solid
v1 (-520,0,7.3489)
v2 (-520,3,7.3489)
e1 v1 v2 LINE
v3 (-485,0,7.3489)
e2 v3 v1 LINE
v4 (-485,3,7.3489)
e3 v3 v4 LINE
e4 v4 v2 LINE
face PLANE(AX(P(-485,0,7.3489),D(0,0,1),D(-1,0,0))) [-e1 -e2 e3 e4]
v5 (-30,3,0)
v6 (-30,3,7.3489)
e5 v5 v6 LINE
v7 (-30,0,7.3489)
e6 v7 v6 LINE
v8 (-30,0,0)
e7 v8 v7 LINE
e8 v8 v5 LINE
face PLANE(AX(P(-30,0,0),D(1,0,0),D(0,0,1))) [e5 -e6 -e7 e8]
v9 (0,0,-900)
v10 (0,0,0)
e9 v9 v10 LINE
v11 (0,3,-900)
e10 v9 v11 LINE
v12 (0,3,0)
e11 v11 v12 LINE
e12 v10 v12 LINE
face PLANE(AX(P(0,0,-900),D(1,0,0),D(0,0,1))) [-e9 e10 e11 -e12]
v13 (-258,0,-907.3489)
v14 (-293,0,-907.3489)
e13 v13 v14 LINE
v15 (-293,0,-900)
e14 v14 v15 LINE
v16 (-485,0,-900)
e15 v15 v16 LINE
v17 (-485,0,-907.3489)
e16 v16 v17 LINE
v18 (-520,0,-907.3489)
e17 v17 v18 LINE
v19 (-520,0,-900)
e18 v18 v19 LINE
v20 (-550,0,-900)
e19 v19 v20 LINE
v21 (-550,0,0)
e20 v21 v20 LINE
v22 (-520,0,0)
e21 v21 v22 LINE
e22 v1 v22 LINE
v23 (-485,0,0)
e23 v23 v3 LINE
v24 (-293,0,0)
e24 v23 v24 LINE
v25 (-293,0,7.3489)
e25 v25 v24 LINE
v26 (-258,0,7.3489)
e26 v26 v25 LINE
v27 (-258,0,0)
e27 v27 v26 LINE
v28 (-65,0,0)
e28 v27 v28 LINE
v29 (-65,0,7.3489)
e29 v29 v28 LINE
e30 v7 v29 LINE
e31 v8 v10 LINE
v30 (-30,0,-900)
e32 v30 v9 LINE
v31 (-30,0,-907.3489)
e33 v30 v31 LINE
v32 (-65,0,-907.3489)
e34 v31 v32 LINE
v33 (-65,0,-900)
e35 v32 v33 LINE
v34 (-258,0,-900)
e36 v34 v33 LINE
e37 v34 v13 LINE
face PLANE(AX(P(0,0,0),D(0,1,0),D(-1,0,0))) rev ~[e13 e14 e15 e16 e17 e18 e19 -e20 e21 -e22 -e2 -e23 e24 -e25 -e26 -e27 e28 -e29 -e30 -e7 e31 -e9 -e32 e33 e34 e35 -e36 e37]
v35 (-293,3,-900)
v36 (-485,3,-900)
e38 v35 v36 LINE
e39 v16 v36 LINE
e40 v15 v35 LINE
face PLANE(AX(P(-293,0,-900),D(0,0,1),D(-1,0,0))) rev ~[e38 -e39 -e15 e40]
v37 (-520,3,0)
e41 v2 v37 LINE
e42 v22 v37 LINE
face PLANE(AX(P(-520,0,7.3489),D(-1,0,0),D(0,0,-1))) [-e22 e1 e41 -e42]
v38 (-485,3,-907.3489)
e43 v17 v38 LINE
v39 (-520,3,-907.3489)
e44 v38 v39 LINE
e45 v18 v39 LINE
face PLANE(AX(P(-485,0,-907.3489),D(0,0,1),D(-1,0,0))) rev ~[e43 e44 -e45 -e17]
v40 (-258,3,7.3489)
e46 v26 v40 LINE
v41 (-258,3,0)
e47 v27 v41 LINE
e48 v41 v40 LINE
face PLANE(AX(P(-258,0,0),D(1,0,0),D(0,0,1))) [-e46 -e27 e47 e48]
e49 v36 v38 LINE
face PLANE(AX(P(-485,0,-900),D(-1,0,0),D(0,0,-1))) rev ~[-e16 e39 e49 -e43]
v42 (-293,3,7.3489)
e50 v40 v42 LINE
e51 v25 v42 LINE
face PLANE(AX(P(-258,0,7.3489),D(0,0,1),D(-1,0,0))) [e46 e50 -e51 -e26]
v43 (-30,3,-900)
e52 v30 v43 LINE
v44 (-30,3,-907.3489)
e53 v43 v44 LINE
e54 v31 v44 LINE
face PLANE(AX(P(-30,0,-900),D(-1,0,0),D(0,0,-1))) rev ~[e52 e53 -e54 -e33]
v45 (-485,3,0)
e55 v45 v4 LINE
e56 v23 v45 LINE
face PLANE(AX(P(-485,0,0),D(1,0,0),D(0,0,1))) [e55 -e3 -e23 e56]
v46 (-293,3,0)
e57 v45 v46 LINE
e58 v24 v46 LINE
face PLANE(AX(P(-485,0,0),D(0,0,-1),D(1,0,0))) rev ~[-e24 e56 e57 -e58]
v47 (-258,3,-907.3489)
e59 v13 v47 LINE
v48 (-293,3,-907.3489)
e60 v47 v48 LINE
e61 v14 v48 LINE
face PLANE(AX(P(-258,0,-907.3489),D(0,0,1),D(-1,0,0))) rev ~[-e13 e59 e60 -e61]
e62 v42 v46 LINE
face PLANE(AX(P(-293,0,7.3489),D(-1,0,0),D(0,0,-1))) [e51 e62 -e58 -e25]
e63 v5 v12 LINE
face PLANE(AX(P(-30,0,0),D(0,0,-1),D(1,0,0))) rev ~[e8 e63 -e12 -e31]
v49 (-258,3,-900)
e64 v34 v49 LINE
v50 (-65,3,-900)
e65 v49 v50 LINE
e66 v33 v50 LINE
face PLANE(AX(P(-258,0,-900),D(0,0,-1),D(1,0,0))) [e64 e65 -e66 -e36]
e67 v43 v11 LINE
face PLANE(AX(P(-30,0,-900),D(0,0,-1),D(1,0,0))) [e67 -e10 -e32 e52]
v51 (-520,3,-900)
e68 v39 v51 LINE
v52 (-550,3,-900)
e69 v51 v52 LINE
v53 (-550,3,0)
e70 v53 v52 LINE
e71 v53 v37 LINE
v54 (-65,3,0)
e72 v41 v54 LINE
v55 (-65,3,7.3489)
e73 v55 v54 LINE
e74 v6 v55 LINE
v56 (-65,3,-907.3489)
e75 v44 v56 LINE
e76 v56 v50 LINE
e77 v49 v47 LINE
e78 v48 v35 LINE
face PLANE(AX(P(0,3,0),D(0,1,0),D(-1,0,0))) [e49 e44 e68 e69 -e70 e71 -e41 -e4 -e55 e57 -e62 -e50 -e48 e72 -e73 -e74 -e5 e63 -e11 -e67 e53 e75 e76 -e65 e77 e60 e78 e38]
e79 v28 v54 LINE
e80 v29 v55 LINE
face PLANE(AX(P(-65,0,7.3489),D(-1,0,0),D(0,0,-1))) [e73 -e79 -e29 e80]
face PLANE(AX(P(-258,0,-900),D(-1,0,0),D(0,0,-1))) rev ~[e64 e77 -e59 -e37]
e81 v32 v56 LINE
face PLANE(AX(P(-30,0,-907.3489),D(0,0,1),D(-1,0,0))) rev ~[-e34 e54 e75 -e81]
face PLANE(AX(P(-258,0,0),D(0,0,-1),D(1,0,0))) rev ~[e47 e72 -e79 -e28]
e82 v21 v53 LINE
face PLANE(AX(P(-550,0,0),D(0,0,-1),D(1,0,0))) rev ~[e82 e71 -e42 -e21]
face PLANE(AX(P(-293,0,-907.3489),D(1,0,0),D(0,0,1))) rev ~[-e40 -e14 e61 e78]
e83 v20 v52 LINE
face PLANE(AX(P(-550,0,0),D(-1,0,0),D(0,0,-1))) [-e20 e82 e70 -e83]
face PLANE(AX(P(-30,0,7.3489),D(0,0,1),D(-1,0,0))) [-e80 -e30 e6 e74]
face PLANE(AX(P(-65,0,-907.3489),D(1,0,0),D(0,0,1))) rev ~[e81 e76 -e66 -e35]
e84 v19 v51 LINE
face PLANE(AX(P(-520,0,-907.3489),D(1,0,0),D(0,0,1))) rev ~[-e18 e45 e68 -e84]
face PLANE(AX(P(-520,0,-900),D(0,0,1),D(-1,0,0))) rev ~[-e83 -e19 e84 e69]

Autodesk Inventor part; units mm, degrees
ref_plane "YZ Plane" through (0, 0, 0) normal (1, 0, 0) x (0, 1, 0)
ref_plane "XZ Plane" through (0, 0, 0) normal (0, 1, 0) x (-1, 0, 0)
ref_plane "XY Plane" through (0, 0, 0) normal (0, 0, 1) x (1, 0, 0)
sketch "Sketch1" plane through (0, 0, 0) normal (0, 1, 0) x (-1, 0, 0)
  line L0 (0, 0) -> (550, 0) construction
  line L1 (550, 0) -> (550, -900)
  line L2 (550, -900) -> (0, -900) construction
  line L3 (0, -900) -> (0, 0)
  line L4 (520, 0) -> (485, 0) construction
  line L5 (485, 0) -> (485, 7.3489)
  line L6 (485, 7.3489) -> (520, 7.3489)
  line L7 (520, 7.3489) -> (520, 0)
  line L8 (293, 0) -> (258, 0) construction
  line L9 (258, 0) -> (258, 7.3489)
  line L10 (258, 7.3489) -> (293, 7.3489)
  line L11 (293, 7.3489) -> (293, 0)
  line L12 (550, 0) -> (520, 0)
  line L13 (0, 0) -> (258, 0) construction
  line L14 (485, 0) -> (293, 0)
  line L15 (0, -450) -> (550, -450) construction
  line L16 (485, -900) -> (485, -907.3489)
  line L17 (485, -907.3489) -> (520, -907.3489)
  line L18 (520, -907.3489) -> (520, -900)
  line L19 (258, -900) -> (258, -907.3489)
  line L20 (258, -907.3489) -> (293, -907.3489)
  line L21 (293, -907.3489) -> (293, -900)
  line L22 (0, -900) -> (258, -900) construction
  line L23 (293, -900) -> (485, -900)
  line L24 (520, -900) -> (550, -900)
  line L25 (65, 0) -> (30, 0) construction
  line L26 (30, 0) -> (30, 7.3489)
  line L27 (30, 7.3489) -> (65, 7.3489)
  line L28 (65, 7.3489) -> (65, 0)
  line L29 (258, 0) -> (65, 0)
  line L30 (30, 0) -> (0, 0)
  line L31 (65, -900) -> (30, -900) construction
  line L32 (30, -900) -> (30, -907.3489)
  line L33 (30, -907.3489) -> (65, -907.3489)
  line L34 (65, -907.3489) -> (65, -900)
  line L35 (258, -900) -> (65, -900)
  line L36 (30, -900) -> (0, -900)
  dimension "d0" = 900
  dimension "d1" = 550
  dimension "d4" = 35
  dimension "d5" = 35
  dimension "d6" = 192
  dimension "d7" = 30
  dimension "d8" = 258
  dimension "d9" = 193
extrude "Extrusion1" add sketch "Sketch1" along normal blind 3
properties part number "Superior_3mm" material "Wood (Oak)"
